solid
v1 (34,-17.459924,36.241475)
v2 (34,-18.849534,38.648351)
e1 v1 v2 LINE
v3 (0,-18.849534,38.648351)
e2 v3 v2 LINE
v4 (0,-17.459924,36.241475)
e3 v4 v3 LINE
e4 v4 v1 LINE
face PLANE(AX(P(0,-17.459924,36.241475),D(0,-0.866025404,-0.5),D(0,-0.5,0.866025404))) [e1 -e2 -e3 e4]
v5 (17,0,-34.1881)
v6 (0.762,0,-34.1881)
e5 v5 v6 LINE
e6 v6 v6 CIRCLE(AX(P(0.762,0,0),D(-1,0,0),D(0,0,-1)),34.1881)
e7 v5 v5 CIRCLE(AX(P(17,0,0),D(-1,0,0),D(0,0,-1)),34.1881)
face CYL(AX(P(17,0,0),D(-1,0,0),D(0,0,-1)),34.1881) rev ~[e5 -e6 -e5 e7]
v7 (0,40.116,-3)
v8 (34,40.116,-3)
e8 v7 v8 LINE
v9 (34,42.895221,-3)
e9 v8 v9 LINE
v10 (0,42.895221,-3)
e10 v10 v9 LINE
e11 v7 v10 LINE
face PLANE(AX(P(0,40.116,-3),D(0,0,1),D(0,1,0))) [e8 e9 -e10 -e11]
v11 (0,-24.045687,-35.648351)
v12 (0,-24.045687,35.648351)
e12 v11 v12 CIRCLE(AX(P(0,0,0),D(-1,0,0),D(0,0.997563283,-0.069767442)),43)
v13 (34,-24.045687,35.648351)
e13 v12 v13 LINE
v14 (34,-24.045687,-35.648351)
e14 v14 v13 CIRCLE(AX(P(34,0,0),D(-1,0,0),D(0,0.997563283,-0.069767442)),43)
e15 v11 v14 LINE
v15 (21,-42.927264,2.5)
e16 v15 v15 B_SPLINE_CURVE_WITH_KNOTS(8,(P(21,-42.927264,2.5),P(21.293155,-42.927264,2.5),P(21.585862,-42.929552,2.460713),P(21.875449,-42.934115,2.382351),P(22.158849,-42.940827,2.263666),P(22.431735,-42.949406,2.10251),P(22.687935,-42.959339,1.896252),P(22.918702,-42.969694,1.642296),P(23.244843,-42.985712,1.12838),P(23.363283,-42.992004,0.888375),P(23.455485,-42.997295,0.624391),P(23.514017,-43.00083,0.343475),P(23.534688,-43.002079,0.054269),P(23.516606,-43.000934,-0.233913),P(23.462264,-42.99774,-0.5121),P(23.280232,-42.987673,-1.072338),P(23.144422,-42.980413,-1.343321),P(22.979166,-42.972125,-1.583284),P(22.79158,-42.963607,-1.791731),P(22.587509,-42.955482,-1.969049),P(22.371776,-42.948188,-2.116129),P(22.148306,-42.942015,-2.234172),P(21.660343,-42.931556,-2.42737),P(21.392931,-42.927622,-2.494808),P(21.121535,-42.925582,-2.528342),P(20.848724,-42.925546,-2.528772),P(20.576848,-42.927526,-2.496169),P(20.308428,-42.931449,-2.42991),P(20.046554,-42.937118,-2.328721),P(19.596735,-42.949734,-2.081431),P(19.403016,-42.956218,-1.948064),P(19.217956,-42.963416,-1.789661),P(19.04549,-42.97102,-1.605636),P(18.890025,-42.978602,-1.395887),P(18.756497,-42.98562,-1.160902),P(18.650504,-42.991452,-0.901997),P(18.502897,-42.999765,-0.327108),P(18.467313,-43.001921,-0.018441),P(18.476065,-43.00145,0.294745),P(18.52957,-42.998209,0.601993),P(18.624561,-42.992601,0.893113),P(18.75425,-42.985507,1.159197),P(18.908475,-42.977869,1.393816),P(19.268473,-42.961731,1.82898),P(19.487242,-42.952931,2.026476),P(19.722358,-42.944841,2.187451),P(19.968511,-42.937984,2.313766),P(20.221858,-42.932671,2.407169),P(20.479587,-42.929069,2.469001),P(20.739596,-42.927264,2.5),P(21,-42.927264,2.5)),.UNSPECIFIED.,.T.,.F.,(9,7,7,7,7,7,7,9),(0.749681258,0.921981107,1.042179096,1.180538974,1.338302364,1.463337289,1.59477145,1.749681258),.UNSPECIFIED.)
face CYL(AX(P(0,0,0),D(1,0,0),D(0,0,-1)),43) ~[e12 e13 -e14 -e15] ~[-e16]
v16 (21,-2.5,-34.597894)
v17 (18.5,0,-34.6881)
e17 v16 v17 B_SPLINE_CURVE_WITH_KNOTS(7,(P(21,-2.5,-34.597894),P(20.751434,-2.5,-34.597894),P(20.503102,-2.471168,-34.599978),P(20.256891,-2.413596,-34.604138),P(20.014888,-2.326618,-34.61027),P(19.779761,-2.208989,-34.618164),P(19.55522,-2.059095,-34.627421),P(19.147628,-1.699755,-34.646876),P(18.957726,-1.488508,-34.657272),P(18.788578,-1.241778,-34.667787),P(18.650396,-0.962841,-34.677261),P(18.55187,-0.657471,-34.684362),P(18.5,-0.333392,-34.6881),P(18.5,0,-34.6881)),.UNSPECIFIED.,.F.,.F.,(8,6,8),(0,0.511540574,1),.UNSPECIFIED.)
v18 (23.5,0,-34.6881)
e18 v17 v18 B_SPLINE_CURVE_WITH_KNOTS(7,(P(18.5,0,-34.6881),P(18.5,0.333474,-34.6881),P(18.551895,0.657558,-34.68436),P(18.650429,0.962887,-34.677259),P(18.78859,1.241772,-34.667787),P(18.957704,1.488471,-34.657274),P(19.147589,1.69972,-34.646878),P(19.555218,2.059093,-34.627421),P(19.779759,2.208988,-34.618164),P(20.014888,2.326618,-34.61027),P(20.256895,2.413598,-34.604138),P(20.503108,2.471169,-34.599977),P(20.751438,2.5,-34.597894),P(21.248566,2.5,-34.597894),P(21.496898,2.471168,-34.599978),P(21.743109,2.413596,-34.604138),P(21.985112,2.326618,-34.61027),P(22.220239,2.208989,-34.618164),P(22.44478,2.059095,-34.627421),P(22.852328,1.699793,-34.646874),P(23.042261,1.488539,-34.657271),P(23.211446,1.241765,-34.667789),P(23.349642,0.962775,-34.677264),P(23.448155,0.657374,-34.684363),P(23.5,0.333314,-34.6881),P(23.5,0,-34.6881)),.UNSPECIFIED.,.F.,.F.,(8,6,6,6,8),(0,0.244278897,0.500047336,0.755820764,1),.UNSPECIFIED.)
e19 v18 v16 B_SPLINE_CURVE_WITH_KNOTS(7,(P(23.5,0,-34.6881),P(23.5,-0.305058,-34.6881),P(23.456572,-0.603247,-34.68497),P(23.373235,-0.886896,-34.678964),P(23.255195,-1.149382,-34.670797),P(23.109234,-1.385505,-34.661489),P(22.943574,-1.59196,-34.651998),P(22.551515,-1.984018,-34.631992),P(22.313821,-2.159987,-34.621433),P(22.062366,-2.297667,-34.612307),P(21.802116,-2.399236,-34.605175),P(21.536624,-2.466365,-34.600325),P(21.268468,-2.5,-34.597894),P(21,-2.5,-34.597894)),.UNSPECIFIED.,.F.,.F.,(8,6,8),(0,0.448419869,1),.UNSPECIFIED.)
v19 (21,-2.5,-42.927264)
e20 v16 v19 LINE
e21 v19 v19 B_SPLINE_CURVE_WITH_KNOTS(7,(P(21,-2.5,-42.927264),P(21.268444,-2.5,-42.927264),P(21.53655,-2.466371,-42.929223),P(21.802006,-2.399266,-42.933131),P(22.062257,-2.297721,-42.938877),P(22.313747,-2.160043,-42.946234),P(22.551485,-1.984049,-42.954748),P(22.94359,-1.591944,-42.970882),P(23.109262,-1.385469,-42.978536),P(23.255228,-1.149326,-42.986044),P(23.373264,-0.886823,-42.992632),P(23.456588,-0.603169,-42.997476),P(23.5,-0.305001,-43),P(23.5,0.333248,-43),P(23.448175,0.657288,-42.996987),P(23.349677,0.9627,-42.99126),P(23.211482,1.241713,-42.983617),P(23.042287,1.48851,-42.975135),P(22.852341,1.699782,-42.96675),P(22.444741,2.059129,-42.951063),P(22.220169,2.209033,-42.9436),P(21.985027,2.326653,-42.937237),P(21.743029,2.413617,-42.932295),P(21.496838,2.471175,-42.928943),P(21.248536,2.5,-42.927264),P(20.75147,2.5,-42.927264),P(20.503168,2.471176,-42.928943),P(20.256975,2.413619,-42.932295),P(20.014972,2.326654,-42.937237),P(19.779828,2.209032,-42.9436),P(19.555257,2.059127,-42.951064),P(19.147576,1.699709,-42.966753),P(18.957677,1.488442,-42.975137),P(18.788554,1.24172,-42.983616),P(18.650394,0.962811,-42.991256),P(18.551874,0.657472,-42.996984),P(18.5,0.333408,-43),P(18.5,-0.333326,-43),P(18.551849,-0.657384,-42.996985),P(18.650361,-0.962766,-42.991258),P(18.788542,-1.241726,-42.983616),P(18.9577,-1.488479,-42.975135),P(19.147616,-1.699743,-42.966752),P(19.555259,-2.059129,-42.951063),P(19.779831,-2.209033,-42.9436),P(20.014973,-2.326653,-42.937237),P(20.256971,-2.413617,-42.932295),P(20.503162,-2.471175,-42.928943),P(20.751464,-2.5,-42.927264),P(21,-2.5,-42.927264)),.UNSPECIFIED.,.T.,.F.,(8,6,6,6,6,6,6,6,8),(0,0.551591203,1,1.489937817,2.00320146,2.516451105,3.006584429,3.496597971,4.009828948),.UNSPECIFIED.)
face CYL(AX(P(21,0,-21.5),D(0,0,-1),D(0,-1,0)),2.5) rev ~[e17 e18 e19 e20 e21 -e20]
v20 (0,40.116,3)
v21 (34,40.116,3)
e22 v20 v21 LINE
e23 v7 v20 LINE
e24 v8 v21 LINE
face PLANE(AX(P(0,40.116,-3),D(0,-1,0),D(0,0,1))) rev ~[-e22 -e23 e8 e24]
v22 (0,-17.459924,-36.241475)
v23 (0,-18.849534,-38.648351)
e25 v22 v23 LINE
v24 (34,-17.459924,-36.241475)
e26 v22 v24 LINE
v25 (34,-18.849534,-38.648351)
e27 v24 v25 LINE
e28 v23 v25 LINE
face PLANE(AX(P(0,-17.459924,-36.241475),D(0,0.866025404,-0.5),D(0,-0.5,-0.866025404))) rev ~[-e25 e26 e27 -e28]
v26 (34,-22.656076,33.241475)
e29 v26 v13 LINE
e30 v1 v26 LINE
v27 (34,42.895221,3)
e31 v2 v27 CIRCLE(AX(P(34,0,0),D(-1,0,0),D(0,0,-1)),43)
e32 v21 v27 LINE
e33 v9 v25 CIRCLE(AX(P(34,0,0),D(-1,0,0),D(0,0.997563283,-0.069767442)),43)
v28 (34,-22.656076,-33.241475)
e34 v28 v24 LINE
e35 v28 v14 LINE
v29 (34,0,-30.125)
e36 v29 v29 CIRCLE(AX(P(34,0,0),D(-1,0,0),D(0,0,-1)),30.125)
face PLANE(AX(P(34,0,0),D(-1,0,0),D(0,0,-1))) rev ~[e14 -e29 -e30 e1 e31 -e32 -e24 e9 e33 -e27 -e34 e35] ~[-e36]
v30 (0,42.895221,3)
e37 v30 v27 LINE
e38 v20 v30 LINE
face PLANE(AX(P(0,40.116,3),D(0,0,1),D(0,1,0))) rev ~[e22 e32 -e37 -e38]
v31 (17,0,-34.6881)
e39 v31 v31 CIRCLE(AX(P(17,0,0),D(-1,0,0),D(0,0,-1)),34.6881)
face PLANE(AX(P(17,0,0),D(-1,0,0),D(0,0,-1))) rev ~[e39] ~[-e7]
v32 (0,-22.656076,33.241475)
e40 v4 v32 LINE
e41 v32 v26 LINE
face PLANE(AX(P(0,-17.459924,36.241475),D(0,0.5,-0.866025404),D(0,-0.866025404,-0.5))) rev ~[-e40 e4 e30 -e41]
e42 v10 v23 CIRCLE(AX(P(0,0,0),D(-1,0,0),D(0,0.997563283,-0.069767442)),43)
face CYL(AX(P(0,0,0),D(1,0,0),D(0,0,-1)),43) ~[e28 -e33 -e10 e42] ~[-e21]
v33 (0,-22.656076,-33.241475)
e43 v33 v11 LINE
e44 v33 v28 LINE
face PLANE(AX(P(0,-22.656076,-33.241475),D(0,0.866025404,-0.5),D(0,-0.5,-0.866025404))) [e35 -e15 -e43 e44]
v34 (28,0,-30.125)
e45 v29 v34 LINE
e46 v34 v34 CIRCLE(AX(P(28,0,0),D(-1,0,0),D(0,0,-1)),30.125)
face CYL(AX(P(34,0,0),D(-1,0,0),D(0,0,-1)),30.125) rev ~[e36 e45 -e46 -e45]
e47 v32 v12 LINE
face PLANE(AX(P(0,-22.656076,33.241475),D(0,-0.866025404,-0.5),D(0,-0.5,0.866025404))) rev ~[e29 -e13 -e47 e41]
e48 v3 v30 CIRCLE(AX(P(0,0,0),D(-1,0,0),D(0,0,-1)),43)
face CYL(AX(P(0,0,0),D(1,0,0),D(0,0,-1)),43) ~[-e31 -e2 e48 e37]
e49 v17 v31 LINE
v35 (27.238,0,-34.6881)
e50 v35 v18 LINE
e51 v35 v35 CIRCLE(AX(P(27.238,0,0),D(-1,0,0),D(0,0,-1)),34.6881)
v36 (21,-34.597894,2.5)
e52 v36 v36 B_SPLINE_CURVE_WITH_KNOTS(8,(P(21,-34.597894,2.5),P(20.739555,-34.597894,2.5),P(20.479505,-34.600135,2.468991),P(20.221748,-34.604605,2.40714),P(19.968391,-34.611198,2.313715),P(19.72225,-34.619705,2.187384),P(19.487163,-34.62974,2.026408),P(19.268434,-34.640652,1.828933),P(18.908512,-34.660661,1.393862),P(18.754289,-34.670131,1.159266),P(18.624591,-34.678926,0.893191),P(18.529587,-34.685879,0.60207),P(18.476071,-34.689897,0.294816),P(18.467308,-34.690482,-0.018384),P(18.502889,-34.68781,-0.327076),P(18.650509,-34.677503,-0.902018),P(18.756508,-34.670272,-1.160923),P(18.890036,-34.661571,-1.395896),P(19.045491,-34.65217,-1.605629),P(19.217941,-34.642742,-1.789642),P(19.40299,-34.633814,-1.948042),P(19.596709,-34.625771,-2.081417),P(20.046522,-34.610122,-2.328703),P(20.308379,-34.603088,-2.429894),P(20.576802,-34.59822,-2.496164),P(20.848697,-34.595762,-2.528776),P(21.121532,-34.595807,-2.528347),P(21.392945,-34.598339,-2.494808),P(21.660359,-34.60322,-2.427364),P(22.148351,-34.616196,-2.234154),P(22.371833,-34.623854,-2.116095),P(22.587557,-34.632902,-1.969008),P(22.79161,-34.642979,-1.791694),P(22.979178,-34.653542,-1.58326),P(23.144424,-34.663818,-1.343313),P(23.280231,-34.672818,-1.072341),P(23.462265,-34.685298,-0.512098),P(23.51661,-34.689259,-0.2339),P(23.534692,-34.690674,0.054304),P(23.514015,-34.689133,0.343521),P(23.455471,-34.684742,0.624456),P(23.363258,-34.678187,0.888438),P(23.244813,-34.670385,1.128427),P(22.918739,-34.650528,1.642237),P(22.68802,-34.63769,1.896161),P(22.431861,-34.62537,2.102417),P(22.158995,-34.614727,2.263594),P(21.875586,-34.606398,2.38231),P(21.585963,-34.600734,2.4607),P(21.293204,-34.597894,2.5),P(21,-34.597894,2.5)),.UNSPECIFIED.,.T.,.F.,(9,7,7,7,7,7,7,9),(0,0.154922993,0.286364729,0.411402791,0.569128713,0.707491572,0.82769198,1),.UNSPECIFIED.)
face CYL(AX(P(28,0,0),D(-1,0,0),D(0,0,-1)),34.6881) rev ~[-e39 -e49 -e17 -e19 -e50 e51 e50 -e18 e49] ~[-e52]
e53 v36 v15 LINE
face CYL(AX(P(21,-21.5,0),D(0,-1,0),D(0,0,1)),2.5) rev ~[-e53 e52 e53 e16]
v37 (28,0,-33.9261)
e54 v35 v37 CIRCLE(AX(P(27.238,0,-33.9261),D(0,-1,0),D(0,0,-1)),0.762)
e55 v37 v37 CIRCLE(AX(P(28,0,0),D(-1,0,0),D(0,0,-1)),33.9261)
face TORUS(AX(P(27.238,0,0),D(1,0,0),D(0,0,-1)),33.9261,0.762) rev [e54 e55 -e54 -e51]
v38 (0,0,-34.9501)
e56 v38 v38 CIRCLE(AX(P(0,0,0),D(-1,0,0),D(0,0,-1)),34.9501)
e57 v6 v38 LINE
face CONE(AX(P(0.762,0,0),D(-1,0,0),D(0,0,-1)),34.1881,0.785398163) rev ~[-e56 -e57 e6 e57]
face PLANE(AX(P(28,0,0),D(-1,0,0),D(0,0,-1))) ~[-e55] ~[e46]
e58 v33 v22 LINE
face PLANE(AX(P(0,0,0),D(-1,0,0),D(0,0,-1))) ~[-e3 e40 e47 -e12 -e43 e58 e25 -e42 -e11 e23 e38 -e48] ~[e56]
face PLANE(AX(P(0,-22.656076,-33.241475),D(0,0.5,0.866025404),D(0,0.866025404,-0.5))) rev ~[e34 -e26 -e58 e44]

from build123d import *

# Parameters (mm, degrees)
SKETCH2_W          = 6
SKETCH2_H          = 3.873628034
CUT_EXTRUDE1_DEPTH = 70.670653793
CIRPATTERN1_COUNT  = 3
SKETCH4_W          = 2.5
SKETCH4_H          = 43
CIRPATTERN2_COUNT  = 2
CIRPATTERN2_ANGLE  = 90
FILLET1_R          = 0.762


with BuildPart() as part:
    # Sketch1 → Revolve1 (revolve)
    with BuildSketch(Plane.XY, mode=Mode.PRIVATE) as revolve1_sk:
        Polygon((0, 34.9501), (0, 43), (34, 43), (34, 30.125), (28, 30.125), (28, 34.6881), (17, 34.6881), (17, 34.1881), (0.762, 34.1881), align=None)
    revolve(revolve1_sk.sketch.rotate(Axis((0, 0, 0), (-1, 0, 0)), 90), axis=Axis((0, 0, 0), (-1, 0, 0)))

    # Sketch2 → Cut-Extrude1 (cut, through all)
    with BuildSketch(Plane.ZY):
        with Locations((0, 42.052814017)):
            Rectangle(SKETCH2_W, SKETCH2_H)
    cut_extrude1 = extrude(amount=-CUT_EXTRUDE1_DEPTH, mode=Mode.SUBTRACT)

    # CirPattern1: Cut-Extrude1 ×3 about axis
    cirpattern1_axis = Axis((0, 0, 0), (1, 0, 0))
    for i in range(1, CIRPATTERN1_COUNT):
        add(cut_extrude1.rotate(cirpattern1_axis, i * 360 / CIRPATTERN1_COUNT), mode=Mode.SUBTRACT)

    # Sketch4 → M6 Tapped Hole1 (revolve, cut)
    with BuildSketch(Plane(origin=(21, 0, 0), x_dir=(0, 0, 1), z_dir=(1, 0, 0))):
        with Locations((1.25, 21.5)):
            Rectangle(SKETCH4_W, SKETCH4_H)
    m6_tapped_hole1 = revolve(axis=Axis((21, 6.35, 0), (0, -1, 0)), mode=Mode.SUBTRACT)

    # CirPattern2: M6 Tapped Hole1 ×2 about axis
    cirpattern2_axis = Axis((0, 0, 0), (1, 0, 0))
    for i in range(1, CIRPATTERN2_COUNT):
        add(m6_tapped_hole1.rotate(cirpattern2_axis, i * CIRPATTERN2_ANGLE / (CIRPATTERN2_COUNT - 1)), mode=Mode.SUBTRACT)

    # Fillet1
    fillet1_edges = [part.edges().sort_by_distance(p)[0] for p in [
        (28, 0, 34.6881),
    ]]
    fillet(fillet1_edges, radius=FILLET1_R)


solid = part.part
